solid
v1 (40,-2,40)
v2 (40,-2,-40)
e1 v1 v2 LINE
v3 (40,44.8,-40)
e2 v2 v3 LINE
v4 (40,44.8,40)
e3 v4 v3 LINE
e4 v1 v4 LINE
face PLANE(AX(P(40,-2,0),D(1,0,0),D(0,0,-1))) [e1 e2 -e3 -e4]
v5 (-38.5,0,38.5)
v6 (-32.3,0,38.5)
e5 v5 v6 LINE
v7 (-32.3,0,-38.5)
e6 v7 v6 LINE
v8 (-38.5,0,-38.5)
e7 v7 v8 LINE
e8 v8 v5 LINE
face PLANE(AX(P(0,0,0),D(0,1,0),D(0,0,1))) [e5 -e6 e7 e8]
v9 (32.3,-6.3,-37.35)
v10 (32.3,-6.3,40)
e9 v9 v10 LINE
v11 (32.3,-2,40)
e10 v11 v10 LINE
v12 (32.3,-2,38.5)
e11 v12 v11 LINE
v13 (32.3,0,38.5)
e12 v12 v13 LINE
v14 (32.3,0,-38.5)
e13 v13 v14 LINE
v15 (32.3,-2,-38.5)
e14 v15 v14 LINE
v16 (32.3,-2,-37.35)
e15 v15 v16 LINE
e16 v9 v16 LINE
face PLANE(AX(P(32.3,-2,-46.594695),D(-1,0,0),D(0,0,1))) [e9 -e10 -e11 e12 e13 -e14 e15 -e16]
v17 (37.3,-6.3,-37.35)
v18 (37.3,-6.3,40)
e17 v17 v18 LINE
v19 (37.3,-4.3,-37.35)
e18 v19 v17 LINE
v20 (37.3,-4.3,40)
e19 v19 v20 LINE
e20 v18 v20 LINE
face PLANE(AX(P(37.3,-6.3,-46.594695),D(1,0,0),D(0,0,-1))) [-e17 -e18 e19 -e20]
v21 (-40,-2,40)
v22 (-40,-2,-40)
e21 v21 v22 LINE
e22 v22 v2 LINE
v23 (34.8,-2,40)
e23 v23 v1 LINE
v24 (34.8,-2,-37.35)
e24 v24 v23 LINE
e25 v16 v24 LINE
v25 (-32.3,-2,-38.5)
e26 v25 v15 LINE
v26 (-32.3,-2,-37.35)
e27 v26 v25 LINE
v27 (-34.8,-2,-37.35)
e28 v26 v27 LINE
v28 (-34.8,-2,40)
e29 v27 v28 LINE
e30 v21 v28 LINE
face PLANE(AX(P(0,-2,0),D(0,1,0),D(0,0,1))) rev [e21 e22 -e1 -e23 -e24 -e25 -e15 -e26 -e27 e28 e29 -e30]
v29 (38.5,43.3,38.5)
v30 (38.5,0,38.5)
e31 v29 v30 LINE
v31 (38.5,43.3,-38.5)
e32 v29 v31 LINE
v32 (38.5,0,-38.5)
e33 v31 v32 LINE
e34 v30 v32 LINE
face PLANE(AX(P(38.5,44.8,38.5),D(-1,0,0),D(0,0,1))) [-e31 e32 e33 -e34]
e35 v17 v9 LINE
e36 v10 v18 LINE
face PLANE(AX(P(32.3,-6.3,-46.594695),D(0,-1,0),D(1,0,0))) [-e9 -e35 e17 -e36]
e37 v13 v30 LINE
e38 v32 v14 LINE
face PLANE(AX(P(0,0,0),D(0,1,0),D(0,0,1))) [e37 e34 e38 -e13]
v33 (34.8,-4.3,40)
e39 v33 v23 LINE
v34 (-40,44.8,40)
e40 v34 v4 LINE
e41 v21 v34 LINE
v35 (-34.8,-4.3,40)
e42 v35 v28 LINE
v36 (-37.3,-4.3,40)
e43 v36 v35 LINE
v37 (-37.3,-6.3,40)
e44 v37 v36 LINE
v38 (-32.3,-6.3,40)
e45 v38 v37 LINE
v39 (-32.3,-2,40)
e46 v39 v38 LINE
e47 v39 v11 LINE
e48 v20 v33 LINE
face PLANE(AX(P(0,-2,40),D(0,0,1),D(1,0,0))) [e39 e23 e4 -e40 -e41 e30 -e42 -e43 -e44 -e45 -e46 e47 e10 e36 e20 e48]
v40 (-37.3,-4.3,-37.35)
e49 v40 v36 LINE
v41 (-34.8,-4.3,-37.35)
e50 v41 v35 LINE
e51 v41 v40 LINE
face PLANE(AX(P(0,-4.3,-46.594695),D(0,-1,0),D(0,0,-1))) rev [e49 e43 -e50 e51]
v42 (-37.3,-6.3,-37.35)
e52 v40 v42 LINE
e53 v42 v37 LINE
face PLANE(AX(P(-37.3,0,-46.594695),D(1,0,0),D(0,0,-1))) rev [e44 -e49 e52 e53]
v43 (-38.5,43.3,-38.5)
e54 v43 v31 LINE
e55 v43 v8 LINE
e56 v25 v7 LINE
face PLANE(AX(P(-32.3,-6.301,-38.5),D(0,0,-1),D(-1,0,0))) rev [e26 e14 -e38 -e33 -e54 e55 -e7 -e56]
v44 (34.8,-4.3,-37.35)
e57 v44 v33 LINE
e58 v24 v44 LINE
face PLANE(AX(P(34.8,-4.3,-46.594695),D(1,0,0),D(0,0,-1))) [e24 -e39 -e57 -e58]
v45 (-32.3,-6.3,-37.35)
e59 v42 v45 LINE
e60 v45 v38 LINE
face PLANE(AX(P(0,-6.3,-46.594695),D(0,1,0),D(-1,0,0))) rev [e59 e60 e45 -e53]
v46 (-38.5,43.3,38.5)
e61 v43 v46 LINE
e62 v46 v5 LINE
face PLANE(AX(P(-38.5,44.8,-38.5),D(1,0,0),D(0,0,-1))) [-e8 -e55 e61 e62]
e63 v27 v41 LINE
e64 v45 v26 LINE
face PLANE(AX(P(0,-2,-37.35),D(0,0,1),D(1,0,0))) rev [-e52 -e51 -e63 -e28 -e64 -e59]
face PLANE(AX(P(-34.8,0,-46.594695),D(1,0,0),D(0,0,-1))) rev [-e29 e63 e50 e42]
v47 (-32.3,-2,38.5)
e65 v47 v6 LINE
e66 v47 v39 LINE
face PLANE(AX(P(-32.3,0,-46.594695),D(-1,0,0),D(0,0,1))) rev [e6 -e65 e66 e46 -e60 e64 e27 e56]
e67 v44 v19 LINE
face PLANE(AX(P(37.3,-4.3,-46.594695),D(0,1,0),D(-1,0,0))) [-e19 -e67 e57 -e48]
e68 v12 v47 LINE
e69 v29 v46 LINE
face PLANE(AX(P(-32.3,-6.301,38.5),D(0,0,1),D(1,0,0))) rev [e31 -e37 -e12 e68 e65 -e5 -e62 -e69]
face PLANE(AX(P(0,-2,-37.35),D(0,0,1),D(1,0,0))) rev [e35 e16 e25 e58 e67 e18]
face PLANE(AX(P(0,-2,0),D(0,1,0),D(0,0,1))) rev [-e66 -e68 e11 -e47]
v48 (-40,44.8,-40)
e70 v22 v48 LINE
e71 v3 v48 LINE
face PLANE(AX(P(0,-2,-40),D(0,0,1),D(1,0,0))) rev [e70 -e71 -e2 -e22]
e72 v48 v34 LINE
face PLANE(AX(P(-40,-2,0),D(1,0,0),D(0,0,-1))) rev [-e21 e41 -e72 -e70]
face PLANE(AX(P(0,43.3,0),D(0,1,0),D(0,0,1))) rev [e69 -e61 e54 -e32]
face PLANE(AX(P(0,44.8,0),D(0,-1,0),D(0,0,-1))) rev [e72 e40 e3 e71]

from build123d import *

# Parameters (mm, degrees)
SKETCH1_W           = 80
SKETCH1_H           = 80
BOSS_EXTRUDE3_DEPTH = 2
BOSS_EXTRUDE5_DEPTH = 77.35
CUT_EXTRUDE1_REACH  = 58.918
SKETCH7_W           = 64.6
SKETCH7_H           = 77
SKETCH5_W           = 80
SKETCH5_H           = 80
SKETCH5_W_2         = 77
SKETCH5_H_2         = 77
BOSS_EXTRUDE6_DEPTH = 44.8
SKETCH8_W           = 80
SKETCH8_H           = 80
BOSS_EXTRUDE7_DEPTH = 1.5


with BuildPart() as part:
    # Sketch1 → Boss-Extrude3 (new body)
    with BuildSketch(Plane(origin=(0, 0, 0), x_dir=(1, 0, 0), z_dir=(0, 1, 0))):
        Rectangle(SKETCH1_W, SKETCH1_H)
    extrude(amount=-BOSS_EXTRUDE3_DEPTH)

    # Sketch3 → Boss-Extrude5 (add)
    with BuildSketch(Plane.XY.offset(40)):
        Polygon((-32.3, -2), (-34.8, -2), (-34.8, -4.3), (-37.3, -4.3), (-37.3, -6.3), (-32.3, -6.3), align=None)
        Polygon((32.3, -6.3), (37.3, -6.3), (37.3, -4.3), (34.8, -4.3), (34.8, -2), (32.3, -2), align=None)
    extrude(amount=-BOSS_EXTRUDE5_DEPTH)

    # Sketch7 → Cut-Extrude1 (cut, up to next)
    with BuildSketch(Plane(origin=(0, 0, 0), x_dir=(1, 0, 0), z_dir=(0, 1, 0)), mode=Mode.PRIVATE) as cut_extrude1_sk1:
        Rectangle(SKETCH7_W, SKETCH7_H)
    cut_extrude1_tool1 = extrude(cut_extrude1_sk1.sketch, amount=-CUT_EXTRUDE1_REACH, mode=Mode.PRIVATE) & part.part
    add(cut_extrude1_tool1.solids().sort_by_distance((0, 0, 0))[0], mode=Mode.SUBTRACT)

    # Sketch5 → Boss-Extrude6 (add)
    with BuildSketch(Plane(origin=(0, 0, 0), x_dir=(1, 0, 0), z_dir=(0, 1, 0))):
        Rectangle(SKETCH5_W, SKETCH5_H)
        Rectangle(SKETCH5_W_2, SKETCH5_H_2, mode=Mode.SUBTRACT)
    extrude(amount=BOSS_EXTRUDE6_DEPTH)

    # Sketch8 → Boss-Extrude7 (add)
    with BuildSketch(Plane(origin=(0, 44.8, 0), x_dir=(1, 0, 0), z_dir=(0, 1, 0))):
        Rectangle(SKETCH8_W, SKETCH8_H)
    extrude(amount=-BOSS_EXTRUDE7_DEPTH)


solid = part.part
